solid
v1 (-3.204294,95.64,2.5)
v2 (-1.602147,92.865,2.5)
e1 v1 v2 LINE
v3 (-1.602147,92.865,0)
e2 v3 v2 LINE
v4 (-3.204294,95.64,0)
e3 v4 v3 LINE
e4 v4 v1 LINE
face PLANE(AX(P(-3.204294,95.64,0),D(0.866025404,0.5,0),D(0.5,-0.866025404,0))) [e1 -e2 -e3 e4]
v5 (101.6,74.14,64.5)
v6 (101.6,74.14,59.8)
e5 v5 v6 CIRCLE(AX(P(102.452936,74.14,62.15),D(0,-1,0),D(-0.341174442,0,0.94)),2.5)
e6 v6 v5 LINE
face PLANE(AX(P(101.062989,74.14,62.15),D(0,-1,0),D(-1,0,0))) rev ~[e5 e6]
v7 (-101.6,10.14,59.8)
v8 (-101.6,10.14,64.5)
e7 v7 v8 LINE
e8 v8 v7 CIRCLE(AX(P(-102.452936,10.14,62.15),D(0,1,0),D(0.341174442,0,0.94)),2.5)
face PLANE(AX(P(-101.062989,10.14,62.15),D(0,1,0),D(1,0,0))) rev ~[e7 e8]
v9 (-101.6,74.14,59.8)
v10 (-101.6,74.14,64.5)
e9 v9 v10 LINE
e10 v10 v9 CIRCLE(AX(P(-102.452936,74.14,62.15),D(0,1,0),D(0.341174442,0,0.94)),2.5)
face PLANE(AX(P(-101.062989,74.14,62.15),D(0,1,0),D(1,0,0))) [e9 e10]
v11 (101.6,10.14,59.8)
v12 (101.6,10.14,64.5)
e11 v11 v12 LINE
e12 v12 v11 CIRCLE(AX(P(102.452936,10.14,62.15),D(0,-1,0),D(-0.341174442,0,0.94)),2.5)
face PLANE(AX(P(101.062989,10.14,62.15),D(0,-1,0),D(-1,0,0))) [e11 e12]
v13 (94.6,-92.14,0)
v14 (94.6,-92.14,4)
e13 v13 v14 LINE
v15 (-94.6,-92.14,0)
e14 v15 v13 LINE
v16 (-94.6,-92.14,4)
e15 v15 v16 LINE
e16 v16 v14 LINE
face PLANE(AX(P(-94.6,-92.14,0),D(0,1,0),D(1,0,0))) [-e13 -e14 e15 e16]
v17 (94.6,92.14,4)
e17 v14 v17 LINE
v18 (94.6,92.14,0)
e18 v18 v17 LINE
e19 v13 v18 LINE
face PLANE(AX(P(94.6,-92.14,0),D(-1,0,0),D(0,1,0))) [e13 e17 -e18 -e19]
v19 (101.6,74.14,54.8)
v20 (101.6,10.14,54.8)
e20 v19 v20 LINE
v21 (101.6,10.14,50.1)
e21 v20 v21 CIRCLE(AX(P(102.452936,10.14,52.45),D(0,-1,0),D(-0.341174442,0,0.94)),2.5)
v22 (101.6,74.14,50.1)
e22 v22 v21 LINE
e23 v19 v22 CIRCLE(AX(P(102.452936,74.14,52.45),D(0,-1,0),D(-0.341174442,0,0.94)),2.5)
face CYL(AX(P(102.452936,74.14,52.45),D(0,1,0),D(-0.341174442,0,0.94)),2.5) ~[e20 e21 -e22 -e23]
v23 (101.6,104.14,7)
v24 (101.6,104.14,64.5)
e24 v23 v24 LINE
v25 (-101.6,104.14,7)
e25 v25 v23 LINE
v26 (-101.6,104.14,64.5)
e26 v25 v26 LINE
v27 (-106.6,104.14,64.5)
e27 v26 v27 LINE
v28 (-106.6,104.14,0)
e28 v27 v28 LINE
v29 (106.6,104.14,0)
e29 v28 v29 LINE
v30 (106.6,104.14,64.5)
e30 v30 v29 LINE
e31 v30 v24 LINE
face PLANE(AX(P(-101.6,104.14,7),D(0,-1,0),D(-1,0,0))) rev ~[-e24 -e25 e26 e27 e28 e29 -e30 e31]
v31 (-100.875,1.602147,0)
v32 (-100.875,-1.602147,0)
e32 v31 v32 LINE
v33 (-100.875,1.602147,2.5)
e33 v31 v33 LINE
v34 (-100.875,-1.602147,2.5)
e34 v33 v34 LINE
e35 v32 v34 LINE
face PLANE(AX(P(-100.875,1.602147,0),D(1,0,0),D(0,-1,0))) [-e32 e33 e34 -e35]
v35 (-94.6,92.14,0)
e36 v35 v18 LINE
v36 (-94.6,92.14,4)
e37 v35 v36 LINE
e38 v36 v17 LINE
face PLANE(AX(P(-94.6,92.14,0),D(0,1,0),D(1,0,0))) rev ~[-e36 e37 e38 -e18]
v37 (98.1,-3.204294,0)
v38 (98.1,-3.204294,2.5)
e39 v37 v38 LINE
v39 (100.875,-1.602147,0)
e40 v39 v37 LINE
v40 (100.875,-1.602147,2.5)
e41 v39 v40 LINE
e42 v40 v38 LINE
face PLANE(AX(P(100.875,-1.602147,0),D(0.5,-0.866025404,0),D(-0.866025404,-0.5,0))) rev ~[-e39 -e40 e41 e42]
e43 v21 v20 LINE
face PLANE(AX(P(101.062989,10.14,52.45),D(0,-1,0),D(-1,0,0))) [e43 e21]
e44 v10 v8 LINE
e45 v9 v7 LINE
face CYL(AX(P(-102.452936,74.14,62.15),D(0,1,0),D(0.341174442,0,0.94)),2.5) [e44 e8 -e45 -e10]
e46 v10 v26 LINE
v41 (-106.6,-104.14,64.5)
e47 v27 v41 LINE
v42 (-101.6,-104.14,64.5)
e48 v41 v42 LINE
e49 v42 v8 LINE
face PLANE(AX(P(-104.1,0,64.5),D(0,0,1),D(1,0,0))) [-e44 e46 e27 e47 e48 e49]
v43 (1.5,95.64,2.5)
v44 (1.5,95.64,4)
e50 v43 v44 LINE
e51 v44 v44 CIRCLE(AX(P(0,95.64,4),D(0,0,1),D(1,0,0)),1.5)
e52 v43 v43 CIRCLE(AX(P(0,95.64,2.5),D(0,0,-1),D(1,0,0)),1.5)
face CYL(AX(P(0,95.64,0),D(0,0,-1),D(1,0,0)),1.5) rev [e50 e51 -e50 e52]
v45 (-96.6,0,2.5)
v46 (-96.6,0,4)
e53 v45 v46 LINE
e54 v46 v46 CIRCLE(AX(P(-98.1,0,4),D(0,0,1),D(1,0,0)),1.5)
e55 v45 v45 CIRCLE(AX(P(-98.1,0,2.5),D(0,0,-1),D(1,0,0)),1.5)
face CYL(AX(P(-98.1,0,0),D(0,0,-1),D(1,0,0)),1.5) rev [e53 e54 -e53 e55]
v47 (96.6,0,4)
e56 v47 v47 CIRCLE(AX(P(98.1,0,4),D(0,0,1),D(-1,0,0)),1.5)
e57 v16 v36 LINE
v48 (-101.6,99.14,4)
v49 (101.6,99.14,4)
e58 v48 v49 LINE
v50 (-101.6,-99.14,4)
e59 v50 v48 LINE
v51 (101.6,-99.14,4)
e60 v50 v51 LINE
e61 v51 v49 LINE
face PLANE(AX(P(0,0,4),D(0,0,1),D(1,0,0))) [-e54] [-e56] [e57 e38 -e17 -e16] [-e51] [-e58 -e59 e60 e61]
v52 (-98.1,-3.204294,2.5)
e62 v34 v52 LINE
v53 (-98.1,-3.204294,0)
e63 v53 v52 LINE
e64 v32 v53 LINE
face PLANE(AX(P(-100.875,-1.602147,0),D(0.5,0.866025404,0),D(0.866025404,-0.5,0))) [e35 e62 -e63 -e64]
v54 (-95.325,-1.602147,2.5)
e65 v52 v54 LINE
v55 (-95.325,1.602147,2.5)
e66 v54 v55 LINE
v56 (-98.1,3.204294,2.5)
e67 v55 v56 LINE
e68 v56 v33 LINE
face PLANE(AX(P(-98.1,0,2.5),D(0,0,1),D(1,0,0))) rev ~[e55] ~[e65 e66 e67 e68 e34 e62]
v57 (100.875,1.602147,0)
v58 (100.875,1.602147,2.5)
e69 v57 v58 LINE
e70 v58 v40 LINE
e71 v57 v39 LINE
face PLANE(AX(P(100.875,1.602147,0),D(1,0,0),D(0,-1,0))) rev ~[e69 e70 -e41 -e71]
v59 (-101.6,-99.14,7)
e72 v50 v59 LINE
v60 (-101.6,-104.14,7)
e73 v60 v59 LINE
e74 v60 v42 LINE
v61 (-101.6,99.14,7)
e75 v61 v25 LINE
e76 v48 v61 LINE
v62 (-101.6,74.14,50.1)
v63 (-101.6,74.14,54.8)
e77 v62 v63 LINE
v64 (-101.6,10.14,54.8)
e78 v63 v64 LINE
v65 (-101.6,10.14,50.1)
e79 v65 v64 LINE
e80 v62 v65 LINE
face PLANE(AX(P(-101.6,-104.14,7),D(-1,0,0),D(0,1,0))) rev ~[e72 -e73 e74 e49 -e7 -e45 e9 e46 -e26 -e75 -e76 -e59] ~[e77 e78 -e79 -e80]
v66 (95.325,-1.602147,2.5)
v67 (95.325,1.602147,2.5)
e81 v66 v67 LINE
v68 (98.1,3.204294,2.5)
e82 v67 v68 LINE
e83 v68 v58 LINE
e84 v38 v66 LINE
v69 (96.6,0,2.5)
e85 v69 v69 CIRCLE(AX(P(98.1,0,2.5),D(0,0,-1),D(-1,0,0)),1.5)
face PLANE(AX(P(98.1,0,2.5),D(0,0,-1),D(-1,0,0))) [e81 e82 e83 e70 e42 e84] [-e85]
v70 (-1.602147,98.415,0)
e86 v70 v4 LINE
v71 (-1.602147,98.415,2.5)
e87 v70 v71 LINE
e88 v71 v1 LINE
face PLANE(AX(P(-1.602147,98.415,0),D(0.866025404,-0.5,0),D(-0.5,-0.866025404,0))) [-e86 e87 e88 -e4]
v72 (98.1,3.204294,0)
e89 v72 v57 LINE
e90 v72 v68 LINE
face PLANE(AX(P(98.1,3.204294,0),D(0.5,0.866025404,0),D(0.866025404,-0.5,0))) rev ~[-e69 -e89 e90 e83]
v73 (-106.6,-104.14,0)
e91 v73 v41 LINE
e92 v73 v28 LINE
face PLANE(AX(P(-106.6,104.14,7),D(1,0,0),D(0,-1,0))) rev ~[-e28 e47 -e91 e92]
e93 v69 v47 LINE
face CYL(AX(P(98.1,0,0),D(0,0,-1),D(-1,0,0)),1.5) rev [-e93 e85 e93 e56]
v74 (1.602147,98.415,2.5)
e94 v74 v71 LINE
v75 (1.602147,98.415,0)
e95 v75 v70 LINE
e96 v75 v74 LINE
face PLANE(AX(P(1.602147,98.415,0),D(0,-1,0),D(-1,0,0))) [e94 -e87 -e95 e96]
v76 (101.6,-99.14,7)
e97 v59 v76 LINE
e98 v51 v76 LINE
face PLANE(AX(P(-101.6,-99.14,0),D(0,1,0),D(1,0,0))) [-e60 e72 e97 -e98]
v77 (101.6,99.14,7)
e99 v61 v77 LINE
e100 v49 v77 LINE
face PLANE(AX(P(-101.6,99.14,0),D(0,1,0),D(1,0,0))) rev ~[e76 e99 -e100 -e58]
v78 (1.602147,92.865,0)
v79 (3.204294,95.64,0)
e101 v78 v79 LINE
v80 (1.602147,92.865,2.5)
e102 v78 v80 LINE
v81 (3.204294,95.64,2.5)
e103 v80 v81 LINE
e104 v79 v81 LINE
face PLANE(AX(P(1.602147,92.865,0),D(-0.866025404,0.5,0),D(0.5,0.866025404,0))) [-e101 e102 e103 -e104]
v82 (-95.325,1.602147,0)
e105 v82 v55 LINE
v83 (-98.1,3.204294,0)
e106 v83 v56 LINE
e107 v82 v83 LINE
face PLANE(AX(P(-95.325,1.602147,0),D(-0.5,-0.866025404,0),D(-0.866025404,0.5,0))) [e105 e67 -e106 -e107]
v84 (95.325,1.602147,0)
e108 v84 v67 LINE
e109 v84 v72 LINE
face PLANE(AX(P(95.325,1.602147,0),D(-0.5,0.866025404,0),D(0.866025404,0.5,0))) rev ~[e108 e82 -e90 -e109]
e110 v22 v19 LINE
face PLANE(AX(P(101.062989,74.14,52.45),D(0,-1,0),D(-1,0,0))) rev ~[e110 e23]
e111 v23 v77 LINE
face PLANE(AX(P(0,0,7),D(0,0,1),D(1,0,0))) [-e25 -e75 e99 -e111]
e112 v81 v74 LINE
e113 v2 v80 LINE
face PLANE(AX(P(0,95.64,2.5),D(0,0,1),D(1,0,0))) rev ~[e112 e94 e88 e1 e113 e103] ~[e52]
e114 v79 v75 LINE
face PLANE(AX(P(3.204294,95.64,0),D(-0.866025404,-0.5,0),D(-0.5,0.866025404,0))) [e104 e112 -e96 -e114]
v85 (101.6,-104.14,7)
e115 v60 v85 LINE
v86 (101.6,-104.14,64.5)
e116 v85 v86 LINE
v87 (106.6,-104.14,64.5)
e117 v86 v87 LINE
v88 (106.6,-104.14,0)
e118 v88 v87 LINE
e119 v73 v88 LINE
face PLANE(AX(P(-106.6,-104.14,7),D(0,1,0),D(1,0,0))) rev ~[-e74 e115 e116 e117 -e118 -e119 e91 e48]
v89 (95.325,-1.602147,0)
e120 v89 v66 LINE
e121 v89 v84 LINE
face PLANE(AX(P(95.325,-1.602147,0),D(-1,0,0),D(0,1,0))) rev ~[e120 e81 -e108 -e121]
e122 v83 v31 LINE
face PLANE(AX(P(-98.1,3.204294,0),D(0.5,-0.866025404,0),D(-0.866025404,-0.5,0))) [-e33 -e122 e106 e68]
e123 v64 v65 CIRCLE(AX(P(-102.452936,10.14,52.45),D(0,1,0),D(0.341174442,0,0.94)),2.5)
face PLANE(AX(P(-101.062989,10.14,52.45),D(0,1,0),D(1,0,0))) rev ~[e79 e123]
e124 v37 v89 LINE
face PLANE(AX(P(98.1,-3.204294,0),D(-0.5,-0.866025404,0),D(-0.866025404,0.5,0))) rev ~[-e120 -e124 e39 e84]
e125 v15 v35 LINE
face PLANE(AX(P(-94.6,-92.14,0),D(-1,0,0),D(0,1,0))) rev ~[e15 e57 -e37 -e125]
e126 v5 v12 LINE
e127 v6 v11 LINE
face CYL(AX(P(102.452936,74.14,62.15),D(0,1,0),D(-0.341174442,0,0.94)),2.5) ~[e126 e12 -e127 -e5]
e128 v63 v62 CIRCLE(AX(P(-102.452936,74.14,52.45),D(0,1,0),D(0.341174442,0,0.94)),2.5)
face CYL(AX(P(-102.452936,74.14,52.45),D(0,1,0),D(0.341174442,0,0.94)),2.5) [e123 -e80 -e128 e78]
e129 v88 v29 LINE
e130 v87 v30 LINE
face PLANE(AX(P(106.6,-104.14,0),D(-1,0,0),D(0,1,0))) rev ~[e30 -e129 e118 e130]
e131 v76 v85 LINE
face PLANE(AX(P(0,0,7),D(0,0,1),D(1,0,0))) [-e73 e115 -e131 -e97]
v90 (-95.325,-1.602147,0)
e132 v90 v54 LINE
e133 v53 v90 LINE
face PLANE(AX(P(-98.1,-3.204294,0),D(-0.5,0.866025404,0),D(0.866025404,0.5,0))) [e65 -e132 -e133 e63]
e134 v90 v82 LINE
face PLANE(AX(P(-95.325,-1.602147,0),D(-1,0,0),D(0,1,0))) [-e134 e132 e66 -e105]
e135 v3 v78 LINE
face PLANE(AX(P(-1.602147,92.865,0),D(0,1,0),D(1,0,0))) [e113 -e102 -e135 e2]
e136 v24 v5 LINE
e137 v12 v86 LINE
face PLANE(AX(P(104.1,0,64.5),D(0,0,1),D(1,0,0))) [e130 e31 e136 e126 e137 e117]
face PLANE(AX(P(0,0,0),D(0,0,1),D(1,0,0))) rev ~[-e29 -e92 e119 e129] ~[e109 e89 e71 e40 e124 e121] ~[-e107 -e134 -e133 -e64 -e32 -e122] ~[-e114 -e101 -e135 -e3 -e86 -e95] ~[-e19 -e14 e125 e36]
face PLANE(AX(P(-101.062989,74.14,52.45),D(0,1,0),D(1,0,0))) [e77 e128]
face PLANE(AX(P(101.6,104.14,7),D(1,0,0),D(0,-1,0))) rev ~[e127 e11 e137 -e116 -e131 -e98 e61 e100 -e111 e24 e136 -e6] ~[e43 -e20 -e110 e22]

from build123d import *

# Parameters (mm, degrees)
SKETCH1_W           = 213.2
SKETCH1_H           = 208.28
SKETCH1_W_2         = 203.2
SKETCH1_H_2         = 198.28
BOSS_EXTRUDE1_DEPTH = 7
SKETCH2_W           = 203.2
SKETCH2_H           = 198.28
SKETCH2_R           = 1.5
SKETCH2_W_2         = 189.2
SKETCH2_H_2         = 184.28
BOSS_EXTRUDE2_DEPTH = 4
BOSS_EXTRUDE3_DEPTH = 57.5
BOSS_EXTRUDE4_START = -30
BOSS_EXTRUDE4_DEPTH = 64
CUT_EXTRUDE1_START  = -4
CUT_EXTRUDE1_DEPTH  = 2.5


with BuildPart() as part:
    # Sketch1 → Boss-Extrude1 (new body)
    with BuildSketch(Plane.XY):
        Rectangle(SKETCH1_W, SKETCH1_H)
        Rectangle(SKETCH1_W_2, SKETCH1_H_2, mode=Mode.SUBTRACT)
    extrude(amount=BOSS_EXTRUDE1_DEPTH)

    # Sketch2 → Boss-Extrude2 (add)
    with BuildSketch(Plane.XY):
        Rectangle(SKETCH2_W, SKETCH2_H)
        with Locations((0, 95.64)):
            Circle(SKETCH2_R, mode=Mode.SUBTRACT)
        with Locations((-98.1, 0)):
            Circle(SKETCH2_R, mode=Mode.SUBTRACT)
        with Locations(Location((98.1, 0, 0), (0, 0, 180))):
            Circle(SKETCH2_R, mode=Mode.SUBTRACT)
        Rectangle(SKETCH2_W_2, SKETCH2_H_2, mode=Mode.SUBTRACT)
    extrude(amount=BOSS_EXTRUDE2_DEPTH)

    # Sketch3 → Boss-Extrude3 (add)
    with BuildSketch(Plane.XY.offset(7)):
        Polygon((-106.6, 104.14), (-106.6, -104.14), (-101.6, -104.14), (-101.6, -99.14), (-101.6, 99.14), (-101.6, 104.14), align=None)
        Polygon((101.6, -99.14), (101.6, -104.14), (106.6, -104.14), (106.6, 104.14), (101.6, 104.14), (101.6, 99.14), align=None)
    extrude(amount=BOSS_EXTRUDE3_DEPTH)

    # Sketch4 → Boss-Extrude4 (add)
    with BuildSketch(Plane(origin=(0, 104.14, 0), x_dir=(1, 0, 0), z_dir=(0, 1, 0)).offset(BOSS_EXTRUDE4_START)):
        with BuildLine():
            Line((-101.6, -59.8), (-101.6, -64.5))
            ThreePointArc((-101.6, -64.5), (-99.952936105, -62.15), (-101.6, -59.8))
        make_face()
        with BuildLine():
            Line((101.6, -59.8), (101.6, -64.5))
            ThreePointArc((101.6, -64.5), (99.952936105, -62.15), (101.6, -59.8))
        make_face()
        with BuildLine():
            Line((-101.6, -50.1), (-101.6, -54.8))
            ThreePointArc((-101.6, -54.8), (-99.952936105, -52.45), (-101.6, -50.1))
        make_face()
        with BuildLine():
            Line((101.6, -50.1), (101.6, -54.8))
            ThreePointArc((101.6, -54.8), (99.952936105, -52.45), (101.6, -50.1))
        make_face()
    extrude(amount=-BOSS_EXTRUDE4_DEPTH)

    # Sketch5 → Cut-Extrude1 (cut)
    with BuildSketch(Plane.XY.offset(4).offset(CUT_EXTRUDE1_START)):
        Polygon((-95.325, -1.602146997), (-95.325, 1.602146997), (-98.1, 3.204293994), (-100.875, 1.602146997), (-100.875, -1.602146997), (-98.1, -3.204293994), align=None)
        Polygon((98.1, -3.204293994), (95.325, -1.602146997), (95.325, 1.602146997), (98.1, 3.204293994), (100.875, 1.602146997), (100.875, -1.602146997), align=None)
        Polygon((1.602146997, 92.865), (3.204293994, 95.64), (1.602146997, 98.415), (-1.602146997, 98.415), (-3.204293994, 95.64), (-1.602146997, 92.865), align=None)
    extrude(amount=CUT_EXTRUDE1_DEPTH, mode=Mode.SUBTRACT)


solid = part.part
